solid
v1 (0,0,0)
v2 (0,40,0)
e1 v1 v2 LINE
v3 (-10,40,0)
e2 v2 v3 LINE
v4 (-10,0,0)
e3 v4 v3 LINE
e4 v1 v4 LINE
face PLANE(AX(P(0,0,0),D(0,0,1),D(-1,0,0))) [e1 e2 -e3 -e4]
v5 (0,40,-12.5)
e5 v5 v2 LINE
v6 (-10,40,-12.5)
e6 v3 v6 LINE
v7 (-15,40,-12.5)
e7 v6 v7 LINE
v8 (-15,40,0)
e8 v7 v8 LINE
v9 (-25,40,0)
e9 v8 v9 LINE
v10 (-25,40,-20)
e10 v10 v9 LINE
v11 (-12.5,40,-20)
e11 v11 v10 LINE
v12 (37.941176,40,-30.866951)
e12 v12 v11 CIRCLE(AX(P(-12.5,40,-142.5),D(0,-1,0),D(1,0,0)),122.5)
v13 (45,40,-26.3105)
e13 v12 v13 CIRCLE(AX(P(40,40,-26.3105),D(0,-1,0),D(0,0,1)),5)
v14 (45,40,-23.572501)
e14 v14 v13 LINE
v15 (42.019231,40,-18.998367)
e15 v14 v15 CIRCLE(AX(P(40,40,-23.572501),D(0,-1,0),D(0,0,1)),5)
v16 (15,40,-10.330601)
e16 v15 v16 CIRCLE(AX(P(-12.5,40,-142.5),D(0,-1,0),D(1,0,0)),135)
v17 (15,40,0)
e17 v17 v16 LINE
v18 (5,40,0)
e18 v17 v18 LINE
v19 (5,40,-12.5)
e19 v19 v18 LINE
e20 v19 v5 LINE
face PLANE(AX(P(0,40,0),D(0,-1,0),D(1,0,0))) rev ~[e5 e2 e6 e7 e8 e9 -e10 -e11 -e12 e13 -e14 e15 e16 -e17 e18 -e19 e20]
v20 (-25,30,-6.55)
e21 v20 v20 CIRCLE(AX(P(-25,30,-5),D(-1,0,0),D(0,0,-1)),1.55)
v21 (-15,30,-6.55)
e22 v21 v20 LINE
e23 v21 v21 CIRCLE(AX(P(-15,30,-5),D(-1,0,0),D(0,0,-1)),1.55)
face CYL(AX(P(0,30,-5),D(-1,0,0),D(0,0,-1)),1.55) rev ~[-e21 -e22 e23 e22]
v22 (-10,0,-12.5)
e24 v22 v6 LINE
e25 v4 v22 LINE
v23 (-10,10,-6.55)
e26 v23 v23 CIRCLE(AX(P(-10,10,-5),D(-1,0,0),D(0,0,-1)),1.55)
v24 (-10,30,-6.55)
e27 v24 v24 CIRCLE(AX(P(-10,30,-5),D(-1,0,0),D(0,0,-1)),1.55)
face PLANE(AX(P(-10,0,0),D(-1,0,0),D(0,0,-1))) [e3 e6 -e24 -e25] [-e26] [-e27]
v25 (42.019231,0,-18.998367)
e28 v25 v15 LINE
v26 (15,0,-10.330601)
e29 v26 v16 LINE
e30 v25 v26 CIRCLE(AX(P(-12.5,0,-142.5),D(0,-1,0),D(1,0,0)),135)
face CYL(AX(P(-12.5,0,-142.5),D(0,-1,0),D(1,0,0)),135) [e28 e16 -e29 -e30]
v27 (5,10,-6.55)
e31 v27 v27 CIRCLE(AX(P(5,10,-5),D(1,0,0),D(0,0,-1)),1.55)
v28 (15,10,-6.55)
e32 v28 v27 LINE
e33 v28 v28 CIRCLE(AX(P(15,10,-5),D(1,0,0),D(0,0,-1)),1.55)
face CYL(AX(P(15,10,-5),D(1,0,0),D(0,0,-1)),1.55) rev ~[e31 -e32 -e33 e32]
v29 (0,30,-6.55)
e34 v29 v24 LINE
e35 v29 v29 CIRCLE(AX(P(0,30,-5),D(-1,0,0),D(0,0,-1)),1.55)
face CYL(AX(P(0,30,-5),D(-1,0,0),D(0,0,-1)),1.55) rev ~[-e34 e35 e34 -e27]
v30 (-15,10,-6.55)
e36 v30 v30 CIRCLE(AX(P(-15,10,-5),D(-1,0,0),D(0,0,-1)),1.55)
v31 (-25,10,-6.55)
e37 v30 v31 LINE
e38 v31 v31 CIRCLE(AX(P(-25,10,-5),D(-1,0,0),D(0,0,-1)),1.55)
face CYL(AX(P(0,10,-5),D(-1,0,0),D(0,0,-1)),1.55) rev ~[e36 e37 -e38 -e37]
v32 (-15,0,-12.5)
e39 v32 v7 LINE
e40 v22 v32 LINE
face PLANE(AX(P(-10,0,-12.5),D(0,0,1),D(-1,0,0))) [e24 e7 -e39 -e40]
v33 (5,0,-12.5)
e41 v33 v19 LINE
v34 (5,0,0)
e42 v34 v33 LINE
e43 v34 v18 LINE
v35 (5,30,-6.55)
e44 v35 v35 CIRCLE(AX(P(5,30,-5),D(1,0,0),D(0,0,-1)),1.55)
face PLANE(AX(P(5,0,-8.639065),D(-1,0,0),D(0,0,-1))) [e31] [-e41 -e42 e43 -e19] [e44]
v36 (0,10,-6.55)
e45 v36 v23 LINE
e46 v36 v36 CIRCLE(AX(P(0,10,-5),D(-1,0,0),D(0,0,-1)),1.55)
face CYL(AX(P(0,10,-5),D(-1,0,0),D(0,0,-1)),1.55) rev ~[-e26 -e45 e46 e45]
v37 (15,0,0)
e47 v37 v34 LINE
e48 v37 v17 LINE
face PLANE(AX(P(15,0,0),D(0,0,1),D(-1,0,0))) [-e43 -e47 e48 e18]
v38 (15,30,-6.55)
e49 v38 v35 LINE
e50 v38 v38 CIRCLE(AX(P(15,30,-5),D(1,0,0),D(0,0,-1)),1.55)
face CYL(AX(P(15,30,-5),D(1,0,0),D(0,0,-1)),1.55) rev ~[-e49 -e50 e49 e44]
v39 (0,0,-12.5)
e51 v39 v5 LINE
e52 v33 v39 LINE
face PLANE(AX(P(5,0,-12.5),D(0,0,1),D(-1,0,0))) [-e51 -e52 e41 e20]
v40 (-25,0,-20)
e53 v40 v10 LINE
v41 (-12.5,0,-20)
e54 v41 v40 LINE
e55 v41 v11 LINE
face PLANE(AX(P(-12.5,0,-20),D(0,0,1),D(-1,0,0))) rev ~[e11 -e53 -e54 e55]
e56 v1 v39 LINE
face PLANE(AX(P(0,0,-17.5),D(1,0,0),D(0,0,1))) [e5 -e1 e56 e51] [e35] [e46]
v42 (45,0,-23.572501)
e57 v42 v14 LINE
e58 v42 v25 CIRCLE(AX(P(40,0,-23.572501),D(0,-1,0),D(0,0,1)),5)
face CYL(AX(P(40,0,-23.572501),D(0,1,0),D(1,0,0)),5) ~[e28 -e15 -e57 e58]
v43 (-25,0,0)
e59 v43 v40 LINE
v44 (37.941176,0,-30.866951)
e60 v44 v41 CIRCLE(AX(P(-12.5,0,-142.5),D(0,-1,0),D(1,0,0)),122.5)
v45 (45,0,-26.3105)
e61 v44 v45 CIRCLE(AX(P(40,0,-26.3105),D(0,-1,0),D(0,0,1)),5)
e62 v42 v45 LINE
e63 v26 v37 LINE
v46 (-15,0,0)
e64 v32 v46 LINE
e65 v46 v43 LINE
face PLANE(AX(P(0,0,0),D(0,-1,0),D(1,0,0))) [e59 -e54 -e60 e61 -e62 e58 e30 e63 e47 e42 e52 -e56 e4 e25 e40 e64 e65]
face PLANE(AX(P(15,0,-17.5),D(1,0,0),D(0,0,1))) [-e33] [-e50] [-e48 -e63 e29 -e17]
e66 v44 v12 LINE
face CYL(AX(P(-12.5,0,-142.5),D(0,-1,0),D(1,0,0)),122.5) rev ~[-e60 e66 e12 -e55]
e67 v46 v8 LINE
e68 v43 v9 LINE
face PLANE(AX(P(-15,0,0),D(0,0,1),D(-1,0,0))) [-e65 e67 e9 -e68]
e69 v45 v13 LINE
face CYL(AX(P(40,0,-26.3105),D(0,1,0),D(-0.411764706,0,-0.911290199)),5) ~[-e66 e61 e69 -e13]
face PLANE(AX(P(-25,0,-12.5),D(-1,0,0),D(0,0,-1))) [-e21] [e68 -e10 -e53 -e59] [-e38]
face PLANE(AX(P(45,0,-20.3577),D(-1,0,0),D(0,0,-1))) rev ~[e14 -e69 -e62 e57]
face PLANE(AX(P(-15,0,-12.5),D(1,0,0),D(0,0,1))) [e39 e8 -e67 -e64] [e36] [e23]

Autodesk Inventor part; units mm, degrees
ref_plane "YZ Plane" through (0, 0, 0) normal (1, 0, 0) x (0, 1, 0)
ref_plane "XZ Plane" through (0, 0, 0) normal (0, 1, 0) x (-1, 0, 0)
ref_plane "XY Plane" through (0, 0, 0) normal (0, 0, 1) x (1, 0, 0)
sketch "スケッチ3" plane through (0, 0, 0) normal (0, 1, 0) x (-1, 0, 0)
  line L0 (0, 0) -> (25, 0)
  line L1 (25, 0) -> (25, -12.5)
  line L2 (25, -12.5) -> (0, -12.5)
  line L3 (0, -12.5) -> (0, 0)
  line L4 (15, 0) -> (10, 0)
  line L5 (10, 0) -> (10, -12.5)
  line L6 (10, -12.5) -> (15, -12.5)
  line L7 (15, -12.5) -> (15, 0)
  dimension "d112" = 25
  dimension "d113" = 12.5
  dimension "d114" = 5
  dimension "d115" = 10
extrude "押し出し1" add sketch "スケッチ3" along normal blind 40 contours L0 L5 L2 L3 | L0 L1 L2 L7
sketch "スケッチ4" plane through (0, 0, 0) normal (1, 0, 0) x (0, 0, -1)
  line L0 (12.5, 0) -> (0, 0) projected
  line L1 (5, 0) -> (5, 40)
  line L2 (0, 40) -> (12.5, 40) projected
  line L3 (12.5, 0) -> (12.5, 40) projected
  line L4 (0, 0) -> (0, 40) projected
  line L5 (0, 20) -> (12.5, 20)
  point P0 (5, 30)
  point P1 (5, 10)
  dimension "d118" = 7.5
  dimension "d119" = 20
  dimension "d120" = 20
hole "穴1" at (0, 30, -5) at (0, 10, -5) direction (-1, 0, 0) diameter 3.1 end through all
sketch "スケッチ5" plane through (0, 0, 0) normal (0, -1, 0) x (1, 0, 0)
  line L0 (0, -12.5) -> (-10, -12.5) projected
  line L1 (0, -12.5) -> (-25, -12.5)
  line L2 (-25, -12.5) -> (-25, -17.5)
  line L3 (-25, -17.5) -> (0, -17.5)
  line L4 (0, -17.5) -> (0, -12.5)
  point P0 (0, 0)
  dimension "d128" = 5
extrude "押し出し2" add sketch "スケッチ5" against normal blind 40
sketch "スケッチ6" plane through (0, 0, 0) normal (0, -1, 0) x (1, 0, 0)
  line L0 (-15, -12.5) -> (-10, -12.5) projected
  line L1 (-12.5, -12.5) -> (-12.5, -232.0211)
  circle A0 centre (-12.5, -142.5) radius 122.5
  line L2 (-25, -17.5) -> (0, -17.5) projected
  circle A1 centre (-12.5, -142.5) radius 135
  line L3 (0, 0) -> (0, -17.5) projected
  line L4 (0, -17.5) -> (5, -17.5)
  line L5 (5, -17.5) -> (5, -12.5)
  line L6 (5, -12.5) -> (0, -12.5)
  line L7 (0, -12.5) -> (0, -17.5)
  line L8 (5, -17.5) -> (15, -17.5)
  line L9 (15, -17.5) -> (15, 0)
  line L10 (15, 0) -> (5, 0)
  line L11 (5, 0) -> (5, -17.5)
  line L12 (45, -20.3577) -> (45, -34.3335)
  line L13 (-12.5, -20) -> (-25, -20)
  line L14 (-25, 0) -> (-25, -17.5) projected
  line L15 (-25, -20) -> (-25, -17.5)
  point P0 (0, -12.5)
  point P1 (-12.5, -17.5)
  point P2 (15, -10.3306)
  point P3 (0, -8.0799)
  point P4 (5, -8.6391)
  dimension "d132" = 270
  dimension "d131" = 245
  dimension "d133" = 5
  dimension "d134" = 5
  dimension "d135" = 10
  dimension "d136" = 17.5
  dimension "d139" = 30
  dimension "d144" = 125
extrude "押し出し3" add sketch "スケッチ6" against normal blind 40 contours L3 L6 L5 L4 | L5 L11 A1 L9 L8 | A1 L11 L10 L9
extrude "押し出し4" add sketch "スケッチ6" against normal blind 40 contours L2 L4 L8 L9 A1 L12 A0 L1 | L1 L13 L15 L2
sketch "スケッチ7" plane through (15, 0, 0) normal (1, 0, 0) x (0, 0, -1)
  circle A0 centre (5, 30) radius 1.55 projected
  circle A1 centre (5, 10) radius 1.55 projected
  point P0 (0, 0)
extrude "押し出し5" cut sketch "スケッチ7" against normal blind 40
fillet "フィレット1" radius 5 1 edges at (45, 20, -34.3335)
fillet "フィレット2" radius 5 1 edges at (45, 20, -20.3577)
properties part number "hand2_14" material "ABS プラスチック"
